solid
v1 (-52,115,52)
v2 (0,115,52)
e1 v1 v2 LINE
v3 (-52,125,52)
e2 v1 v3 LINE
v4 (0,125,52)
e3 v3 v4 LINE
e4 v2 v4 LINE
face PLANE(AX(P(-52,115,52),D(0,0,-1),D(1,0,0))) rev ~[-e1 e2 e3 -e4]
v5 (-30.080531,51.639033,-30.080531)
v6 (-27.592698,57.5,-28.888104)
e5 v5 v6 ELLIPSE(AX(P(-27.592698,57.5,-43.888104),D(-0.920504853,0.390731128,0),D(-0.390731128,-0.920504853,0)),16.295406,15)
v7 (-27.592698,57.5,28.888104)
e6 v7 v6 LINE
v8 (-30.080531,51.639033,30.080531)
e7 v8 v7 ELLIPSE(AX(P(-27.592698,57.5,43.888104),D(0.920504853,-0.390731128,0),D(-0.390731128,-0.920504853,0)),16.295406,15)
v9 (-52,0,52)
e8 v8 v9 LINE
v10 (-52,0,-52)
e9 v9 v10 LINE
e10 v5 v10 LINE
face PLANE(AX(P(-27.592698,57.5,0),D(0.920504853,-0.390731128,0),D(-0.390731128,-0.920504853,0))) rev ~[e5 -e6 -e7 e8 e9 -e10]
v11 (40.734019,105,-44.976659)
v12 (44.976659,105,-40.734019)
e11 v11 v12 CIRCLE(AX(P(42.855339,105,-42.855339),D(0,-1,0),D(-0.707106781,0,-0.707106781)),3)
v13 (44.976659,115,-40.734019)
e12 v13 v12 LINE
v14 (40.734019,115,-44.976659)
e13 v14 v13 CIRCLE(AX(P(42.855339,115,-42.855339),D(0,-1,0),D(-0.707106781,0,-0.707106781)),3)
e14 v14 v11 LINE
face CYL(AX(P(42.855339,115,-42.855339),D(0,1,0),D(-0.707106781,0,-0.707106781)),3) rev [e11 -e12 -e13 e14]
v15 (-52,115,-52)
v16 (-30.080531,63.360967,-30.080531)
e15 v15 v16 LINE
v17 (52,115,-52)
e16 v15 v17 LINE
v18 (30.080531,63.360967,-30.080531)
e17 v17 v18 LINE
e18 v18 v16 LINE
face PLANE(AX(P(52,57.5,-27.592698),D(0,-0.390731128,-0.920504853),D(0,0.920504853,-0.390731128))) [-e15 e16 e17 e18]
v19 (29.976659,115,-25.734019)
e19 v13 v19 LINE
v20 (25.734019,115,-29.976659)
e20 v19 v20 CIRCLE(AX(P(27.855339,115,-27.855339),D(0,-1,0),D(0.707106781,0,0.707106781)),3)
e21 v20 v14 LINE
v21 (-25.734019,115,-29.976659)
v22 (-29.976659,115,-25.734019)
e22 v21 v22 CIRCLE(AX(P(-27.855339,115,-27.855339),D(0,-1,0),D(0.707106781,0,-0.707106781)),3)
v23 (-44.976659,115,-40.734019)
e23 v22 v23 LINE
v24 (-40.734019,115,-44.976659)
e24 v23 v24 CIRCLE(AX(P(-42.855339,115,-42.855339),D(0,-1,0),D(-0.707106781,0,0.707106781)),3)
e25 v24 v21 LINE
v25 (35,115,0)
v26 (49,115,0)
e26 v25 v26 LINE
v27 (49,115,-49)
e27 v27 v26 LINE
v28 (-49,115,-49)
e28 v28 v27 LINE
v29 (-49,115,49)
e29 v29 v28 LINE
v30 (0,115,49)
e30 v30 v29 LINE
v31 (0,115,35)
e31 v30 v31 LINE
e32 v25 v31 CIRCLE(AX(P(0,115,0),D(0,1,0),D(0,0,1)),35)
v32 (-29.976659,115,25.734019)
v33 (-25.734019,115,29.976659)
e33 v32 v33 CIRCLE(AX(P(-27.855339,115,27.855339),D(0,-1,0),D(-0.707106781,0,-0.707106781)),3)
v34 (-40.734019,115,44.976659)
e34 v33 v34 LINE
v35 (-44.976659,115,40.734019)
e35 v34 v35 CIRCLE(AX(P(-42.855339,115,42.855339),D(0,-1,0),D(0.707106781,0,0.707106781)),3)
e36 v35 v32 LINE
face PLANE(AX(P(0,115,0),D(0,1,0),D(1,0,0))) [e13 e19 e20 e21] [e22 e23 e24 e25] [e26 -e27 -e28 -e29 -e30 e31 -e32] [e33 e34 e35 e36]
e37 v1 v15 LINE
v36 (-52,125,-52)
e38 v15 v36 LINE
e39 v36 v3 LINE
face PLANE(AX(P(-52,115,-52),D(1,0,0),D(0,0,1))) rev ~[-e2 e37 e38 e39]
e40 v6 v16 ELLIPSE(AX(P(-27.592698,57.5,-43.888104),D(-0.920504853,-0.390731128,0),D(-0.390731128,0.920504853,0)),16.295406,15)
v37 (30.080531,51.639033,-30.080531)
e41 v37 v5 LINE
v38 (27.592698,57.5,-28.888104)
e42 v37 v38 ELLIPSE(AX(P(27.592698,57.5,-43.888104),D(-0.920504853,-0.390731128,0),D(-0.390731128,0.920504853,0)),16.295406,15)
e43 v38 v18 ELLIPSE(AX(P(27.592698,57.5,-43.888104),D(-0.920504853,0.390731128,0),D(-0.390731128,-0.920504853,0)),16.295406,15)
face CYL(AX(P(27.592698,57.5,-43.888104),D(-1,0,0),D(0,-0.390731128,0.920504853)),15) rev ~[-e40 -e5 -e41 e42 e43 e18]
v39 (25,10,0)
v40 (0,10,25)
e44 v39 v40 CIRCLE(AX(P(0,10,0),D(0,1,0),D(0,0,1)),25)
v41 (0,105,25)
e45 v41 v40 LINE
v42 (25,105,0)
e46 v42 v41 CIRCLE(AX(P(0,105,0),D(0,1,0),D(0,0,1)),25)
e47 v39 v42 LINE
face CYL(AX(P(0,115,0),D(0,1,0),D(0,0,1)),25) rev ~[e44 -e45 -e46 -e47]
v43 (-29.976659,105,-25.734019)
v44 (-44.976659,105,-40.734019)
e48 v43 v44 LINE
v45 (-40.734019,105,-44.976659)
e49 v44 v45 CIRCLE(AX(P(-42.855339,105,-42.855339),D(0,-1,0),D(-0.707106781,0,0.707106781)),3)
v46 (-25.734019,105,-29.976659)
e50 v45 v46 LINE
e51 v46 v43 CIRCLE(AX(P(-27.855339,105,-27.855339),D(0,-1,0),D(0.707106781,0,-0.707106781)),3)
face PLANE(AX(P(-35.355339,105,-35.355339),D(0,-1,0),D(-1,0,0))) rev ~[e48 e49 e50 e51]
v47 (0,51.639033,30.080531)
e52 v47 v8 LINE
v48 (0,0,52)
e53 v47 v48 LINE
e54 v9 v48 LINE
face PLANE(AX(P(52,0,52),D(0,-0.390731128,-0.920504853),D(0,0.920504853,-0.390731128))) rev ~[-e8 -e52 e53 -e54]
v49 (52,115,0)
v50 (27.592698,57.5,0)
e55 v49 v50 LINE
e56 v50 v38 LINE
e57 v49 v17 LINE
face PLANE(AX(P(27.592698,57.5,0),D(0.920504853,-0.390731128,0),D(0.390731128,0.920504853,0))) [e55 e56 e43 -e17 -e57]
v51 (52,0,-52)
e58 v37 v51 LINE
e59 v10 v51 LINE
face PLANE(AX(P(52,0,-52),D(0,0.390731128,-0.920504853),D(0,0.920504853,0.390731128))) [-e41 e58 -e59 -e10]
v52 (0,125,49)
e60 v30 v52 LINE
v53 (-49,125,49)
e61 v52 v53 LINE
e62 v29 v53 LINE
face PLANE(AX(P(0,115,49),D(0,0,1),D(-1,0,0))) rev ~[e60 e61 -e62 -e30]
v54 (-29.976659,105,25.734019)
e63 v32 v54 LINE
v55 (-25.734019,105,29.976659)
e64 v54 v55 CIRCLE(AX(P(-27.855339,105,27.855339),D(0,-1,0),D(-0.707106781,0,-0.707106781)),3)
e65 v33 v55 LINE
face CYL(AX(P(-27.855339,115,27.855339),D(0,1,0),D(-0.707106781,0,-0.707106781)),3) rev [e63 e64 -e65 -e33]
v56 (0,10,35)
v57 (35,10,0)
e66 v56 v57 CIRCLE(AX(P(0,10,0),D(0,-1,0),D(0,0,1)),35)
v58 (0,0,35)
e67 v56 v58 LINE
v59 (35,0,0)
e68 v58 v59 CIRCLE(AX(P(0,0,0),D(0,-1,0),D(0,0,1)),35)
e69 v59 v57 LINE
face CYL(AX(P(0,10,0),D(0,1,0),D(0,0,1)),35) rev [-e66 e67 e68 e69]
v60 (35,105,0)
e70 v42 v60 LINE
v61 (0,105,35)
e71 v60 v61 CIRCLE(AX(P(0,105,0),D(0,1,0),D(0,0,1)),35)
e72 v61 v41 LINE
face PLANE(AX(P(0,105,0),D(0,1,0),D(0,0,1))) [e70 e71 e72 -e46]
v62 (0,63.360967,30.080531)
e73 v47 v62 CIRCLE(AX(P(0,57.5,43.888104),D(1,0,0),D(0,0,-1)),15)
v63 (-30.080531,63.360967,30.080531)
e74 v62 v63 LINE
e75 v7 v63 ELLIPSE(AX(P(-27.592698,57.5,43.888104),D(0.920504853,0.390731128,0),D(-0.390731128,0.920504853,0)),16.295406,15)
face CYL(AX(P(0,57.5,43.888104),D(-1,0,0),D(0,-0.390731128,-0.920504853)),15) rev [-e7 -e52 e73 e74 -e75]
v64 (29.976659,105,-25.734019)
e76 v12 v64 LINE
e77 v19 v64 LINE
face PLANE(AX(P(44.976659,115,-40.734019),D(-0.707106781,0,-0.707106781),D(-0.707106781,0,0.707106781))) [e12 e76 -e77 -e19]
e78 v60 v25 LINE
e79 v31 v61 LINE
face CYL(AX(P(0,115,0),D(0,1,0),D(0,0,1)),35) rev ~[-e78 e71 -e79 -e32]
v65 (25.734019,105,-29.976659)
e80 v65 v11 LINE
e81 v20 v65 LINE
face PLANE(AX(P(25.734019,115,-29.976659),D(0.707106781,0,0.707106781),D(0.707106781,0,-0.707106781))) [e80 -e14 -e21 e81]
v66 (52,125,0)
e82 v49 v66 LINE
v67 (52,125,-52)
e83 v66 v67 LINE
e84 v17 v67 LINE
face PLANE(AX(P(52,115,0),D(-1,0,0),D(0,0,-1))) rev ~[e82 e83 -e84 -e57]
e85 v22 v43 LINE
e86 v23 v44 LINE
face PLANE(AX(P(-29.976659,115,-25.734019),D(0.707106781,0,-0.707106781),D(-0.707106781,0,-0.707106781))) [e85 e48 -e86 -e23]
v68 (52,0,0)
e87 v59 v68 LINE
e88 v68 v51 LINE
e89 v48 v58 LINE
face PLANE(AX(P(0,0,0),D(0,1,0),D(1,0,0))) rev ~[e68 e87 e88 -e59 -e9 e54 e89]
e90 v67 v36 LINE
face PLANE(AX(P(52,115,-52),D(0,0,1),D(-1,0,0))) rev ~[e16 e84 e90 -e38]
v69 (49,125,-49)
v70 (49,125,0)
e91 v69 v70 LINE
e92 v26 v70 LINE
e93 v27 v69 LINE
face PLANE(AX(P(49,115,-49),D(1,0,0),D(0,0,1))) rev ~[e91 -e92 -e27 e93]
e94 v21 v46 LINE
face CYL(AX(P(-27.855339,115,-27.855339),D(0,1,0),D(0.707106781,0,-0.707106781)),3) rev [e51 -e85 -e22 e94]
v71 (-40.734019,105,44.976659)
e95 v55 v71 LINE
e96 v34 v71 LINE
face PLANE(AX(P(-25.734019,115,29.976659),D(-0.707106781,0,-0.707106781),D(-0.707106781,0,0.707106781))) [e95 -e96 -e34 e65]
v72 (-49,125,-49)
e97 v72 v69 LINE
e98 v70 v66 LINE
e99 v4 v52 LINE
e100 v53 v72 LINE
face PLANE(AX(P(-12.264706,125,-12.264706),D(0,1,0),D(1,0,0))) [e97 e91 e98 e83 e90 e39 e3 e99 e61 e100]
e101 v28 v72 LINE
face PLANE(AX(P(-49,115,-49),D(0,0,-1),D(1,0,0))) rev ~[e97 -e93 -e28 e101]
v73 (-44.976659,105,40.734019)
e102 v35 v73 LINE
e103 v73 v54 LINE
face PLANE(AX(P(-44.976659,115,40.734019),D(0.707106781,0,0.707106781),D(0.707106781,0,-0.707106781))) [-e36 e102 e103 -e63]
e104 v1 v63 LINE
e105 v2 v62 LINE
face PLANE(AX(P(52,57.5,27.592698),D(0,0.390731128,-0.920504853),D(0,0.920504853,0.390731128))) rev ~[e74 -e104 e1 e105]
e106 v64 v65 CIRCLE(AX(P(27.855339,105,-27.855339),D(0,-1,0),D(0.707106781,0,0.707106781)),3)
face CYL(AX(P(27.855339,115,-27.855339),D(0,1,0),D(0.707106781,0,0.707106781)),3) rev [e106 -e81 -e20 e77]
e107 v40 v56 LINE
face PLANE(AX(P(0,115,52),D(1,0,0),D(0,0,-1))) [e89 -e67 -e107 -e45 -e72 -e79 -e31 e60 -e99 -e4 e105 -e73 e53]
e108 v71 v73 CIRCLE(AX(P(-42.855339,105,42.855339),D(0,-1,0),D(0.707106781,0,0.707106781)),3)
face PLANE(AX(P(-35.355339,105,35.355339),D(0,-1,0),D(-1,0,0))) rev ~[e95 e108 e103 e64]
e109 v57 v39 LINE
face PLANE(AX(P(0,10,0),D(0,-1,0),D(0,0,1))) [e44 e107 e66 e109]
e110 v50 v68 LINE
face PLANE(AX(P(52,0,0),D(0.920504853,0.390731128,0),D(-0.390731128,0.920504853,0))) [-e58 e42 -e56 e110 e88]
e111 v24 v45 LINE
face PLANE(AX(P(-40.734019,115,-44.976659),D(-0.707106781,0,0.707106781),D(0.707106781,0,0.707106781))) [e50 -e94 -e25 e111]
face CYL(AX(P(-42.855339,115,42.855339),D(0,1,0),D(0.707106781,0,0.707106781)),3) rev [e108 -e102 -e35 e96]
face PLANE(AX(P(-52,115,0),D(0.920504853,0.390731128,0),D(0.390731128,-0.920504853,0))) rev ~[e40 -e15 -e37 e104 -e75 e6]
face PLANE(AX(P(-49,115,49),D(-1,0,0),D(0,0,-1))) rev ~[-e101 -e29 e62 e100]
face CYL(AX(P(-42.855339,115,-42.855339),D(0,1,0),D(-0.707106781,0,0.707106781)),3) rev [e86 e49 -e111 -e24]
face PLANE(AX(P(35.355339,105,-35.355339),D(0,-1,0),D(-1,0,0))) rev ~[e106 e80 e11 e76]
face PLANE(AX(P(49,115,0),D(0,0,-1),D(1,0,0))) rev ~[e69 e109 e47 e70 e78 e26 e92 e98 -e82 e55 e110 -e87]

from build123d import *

# Parameters (mm, degrees)
SKETCH1_W           = 104
SKETCH1_H           = 104
BOSS_EXTRUDE1_DEPTH = 115
CUT_EXTRUDE1_DEPTH  = 164.538986178
CUT_EXTRUDE2_DEPTH  = 57.5
SKETCH4_R           = 25
CUT_EXTRUDE3_DEPTH  = 137.502747225
SKETCH5_R           = 35
CUT_EXTRUDE4_DEPTH  = 10
CUT_EXTRUDE5_START  = -10
SKETCH6_R           = 35
CUT_EXTRUDE5_DEPTH  = 10
SKETCH7_W           = 52
SKETCH7_H           = 52
CUT_EXTRUDE6_DEPTH  = 137.502747225
FILLET2_R           = 15
FILLET3_R           = 15
BOSS_EXTRUDE2_DEPTH = 10
CUT_EXTRUDE7_DEPTH  = 10


with BuildPart() as part:
    # Sketch1 → Boss-Extrude1 (new body)
    with BuildSketch(Plane(origin=(0, 0, 0), x_dir=(1, 0, 0), z_dir=(0, 1, 0))):
        Rectangle(SKETCH1_W, SKETCH1_H)
    extrude(amount=BOSS_EXTRUDE1_DEPTH)

    # Sketch2 → Cut-Extrude1 (cut, through all)
    with BuildSketch(Plane(origin=(52, 0, 0), x_dir=(0, 0, -1), z_dir=(1, 0, 0))):
        Polygon((-52, 115), (-52, 0), (-27.592698068, 57.5), align=None)
        Polygon((52, 115), (52, 0), (27.592698068, 57.5), align=None)
    extrude(amount=-CUT_EXTRUDE1_DEPTH, mode=Mode.SUBTRACT)

    # Sketch3 → Cut-Extrude2 (cut, symmetric)
    with BuildSketch(Plane.XY):
        Polygon((-52, 115), (-27.592698068, 57.5), (-52, 0), align=None)
        Polygon((52, 0), (27.592698068, 57.5), (52, 115), align=None)
    extrude(amount=CUT_EXTRUDE2_DEPTH, both=True, mode=Mode.SUBTRACT)

    # Sketch4 → Cut-Extrude3 (cut, through all)
    with BuildSketch(Plane(origin=(0, 115, 0), x_dir=(1, 0, 0), z_dir=(0, 1, 0))):
        with Locations(Location((0, 0, 0), (0, 0, 270))):
            Circle(SKETCH4_R)
    extrude(amount=-CUT_EXTRUDE3_DEPTH, mode=Mode.SUBTRACT)

    # Sketch5 → Cut-Extrude4 (cut)
    with BuildSketch(Plane(origin=(0, 115, 0), x_dir=(1, 0, 0), z_dir=(0, 1, 0))):
        with Locations(Location((0, 0, 0), (0, 0, 270))):
            Circle(SKETCH5_R)
    extrude(amount=-CUT_EXTRUDE4_DEPTH, mode=Mode.SUBTRACT)

    # Sketch6 → Cut-Extrude5 (cut)
    with BuildSketch(Plane.XZ.offset(CUT_EXTRUDE5_START)):
        with Locations(Location((0, 0, 0), (0, 0, 90))):
            Circle(SKETCH6_R)
    extrude(amount=CUT_EXTRUDE5_DEPTH, mode=Mode.SUBTRACT)

    # Sketch7 → Cut-Extrude6 (cut, through all)
    with BuildSketch(Plane(origin=(0, 115, 0), x_dir=(1, 0, 0), z_dir=(0, 1, 0))):
        with Locations((26, -26)):
            Rectangle(SKETCH7_W, SKETCH7_H)
    extrude(amount=-CUT_EXTRUDE6_DEPTH, mode=Mode.SUBTRACT)

    # Fillet2
    fillet2_edges = [part.edges().sort_by_distance(p)[0] for p in [
        (0, 57.5, -27.592698068),
    ]]
    fillet(fillet2_edges, radius=FILLET2_R)

    # Fillet3
    fillet3_edges = [part.edges().sort_by_distance(p)[0] for p in [
        (-13.796349034, 57.5, 27.592698068),
    ]]
    fillet(fillet3_edges, radius=FILLET3_R)

    # Sketch8 → Boss-Extrude2 (add)
    with BuildSketch(Plane(origin=(0, 115, 0), x_dir=(1, 0, 0), z_dir=(0, 1, 0))):
        Polygon((-49, 49), (49, 49), (49, 0), (52, 0), (52, 52), (-52, 52), (-52, -52), (0, -52), (0, -49), (-49, -49), align=None)
    extrude(amount=BOSS_EXTRUDE2_DEPTH)

    # Sketch9 → Cut-Extrude7 (cut)
    with BuildSketch(Plane(origin=(0, 115, 0), x_dir=(1, 0, 0), z_dir=(0, 1, 0))):
        with BuildLine():
            Line((-40.734018716, 44.976659403), (-25.734018716, 29.976659403))
            ThreePointArc((-25.734018716, 29.976659403), (-25.734018716, 25.734018716), (-29.976659403, 25.734018716))
            Line((-29.976659403, 25.734018716), (-44.976659403, 40.734018716))
            ThreePointArc((-44.976659403, 40.734018716), (-44.976659403, 44.976659403), (-40.734018716, 44.976659403))
        make_face()
        with BuildLine():
            Line((44.976659403, 40.734018716), (29.976659403, 25.734018716))
            ThreePointArc((29.976659403, 25.734018716), (25.734018716, 25.734018716), (25.734018716, 29.976659403))
            Line((25.734018716, 29.976659403), (40.734018716, 44.976659403))
            ThreePointArc((40.734018716, 44.976659403), (44.976659403, 44.976659403), (44.976659403, 40.734018716))
        make_face()
        with BuildLine():
            Line((-44.976659403, -40.734018716), (-29.976659403, -25.734018716))
            ThreePointArc((-29.976659403, -25.734018716), (-25.734018716, -25.734018716), (-25.734018716, -29.976659403))
            Line((-25.734018716, -29.976659403), (-40.734018716, -44.976659403))
            ThreePointArc((-40.734018716, -44.976659403), (-44.976659403, -44.976659403), (-44.976659403, -40.734018716))
        make_face()
    extrude(amount=-CUT_EXTRUDE7_DEPTH, mode=Mode.SUBTRACT)


solid = part.part
